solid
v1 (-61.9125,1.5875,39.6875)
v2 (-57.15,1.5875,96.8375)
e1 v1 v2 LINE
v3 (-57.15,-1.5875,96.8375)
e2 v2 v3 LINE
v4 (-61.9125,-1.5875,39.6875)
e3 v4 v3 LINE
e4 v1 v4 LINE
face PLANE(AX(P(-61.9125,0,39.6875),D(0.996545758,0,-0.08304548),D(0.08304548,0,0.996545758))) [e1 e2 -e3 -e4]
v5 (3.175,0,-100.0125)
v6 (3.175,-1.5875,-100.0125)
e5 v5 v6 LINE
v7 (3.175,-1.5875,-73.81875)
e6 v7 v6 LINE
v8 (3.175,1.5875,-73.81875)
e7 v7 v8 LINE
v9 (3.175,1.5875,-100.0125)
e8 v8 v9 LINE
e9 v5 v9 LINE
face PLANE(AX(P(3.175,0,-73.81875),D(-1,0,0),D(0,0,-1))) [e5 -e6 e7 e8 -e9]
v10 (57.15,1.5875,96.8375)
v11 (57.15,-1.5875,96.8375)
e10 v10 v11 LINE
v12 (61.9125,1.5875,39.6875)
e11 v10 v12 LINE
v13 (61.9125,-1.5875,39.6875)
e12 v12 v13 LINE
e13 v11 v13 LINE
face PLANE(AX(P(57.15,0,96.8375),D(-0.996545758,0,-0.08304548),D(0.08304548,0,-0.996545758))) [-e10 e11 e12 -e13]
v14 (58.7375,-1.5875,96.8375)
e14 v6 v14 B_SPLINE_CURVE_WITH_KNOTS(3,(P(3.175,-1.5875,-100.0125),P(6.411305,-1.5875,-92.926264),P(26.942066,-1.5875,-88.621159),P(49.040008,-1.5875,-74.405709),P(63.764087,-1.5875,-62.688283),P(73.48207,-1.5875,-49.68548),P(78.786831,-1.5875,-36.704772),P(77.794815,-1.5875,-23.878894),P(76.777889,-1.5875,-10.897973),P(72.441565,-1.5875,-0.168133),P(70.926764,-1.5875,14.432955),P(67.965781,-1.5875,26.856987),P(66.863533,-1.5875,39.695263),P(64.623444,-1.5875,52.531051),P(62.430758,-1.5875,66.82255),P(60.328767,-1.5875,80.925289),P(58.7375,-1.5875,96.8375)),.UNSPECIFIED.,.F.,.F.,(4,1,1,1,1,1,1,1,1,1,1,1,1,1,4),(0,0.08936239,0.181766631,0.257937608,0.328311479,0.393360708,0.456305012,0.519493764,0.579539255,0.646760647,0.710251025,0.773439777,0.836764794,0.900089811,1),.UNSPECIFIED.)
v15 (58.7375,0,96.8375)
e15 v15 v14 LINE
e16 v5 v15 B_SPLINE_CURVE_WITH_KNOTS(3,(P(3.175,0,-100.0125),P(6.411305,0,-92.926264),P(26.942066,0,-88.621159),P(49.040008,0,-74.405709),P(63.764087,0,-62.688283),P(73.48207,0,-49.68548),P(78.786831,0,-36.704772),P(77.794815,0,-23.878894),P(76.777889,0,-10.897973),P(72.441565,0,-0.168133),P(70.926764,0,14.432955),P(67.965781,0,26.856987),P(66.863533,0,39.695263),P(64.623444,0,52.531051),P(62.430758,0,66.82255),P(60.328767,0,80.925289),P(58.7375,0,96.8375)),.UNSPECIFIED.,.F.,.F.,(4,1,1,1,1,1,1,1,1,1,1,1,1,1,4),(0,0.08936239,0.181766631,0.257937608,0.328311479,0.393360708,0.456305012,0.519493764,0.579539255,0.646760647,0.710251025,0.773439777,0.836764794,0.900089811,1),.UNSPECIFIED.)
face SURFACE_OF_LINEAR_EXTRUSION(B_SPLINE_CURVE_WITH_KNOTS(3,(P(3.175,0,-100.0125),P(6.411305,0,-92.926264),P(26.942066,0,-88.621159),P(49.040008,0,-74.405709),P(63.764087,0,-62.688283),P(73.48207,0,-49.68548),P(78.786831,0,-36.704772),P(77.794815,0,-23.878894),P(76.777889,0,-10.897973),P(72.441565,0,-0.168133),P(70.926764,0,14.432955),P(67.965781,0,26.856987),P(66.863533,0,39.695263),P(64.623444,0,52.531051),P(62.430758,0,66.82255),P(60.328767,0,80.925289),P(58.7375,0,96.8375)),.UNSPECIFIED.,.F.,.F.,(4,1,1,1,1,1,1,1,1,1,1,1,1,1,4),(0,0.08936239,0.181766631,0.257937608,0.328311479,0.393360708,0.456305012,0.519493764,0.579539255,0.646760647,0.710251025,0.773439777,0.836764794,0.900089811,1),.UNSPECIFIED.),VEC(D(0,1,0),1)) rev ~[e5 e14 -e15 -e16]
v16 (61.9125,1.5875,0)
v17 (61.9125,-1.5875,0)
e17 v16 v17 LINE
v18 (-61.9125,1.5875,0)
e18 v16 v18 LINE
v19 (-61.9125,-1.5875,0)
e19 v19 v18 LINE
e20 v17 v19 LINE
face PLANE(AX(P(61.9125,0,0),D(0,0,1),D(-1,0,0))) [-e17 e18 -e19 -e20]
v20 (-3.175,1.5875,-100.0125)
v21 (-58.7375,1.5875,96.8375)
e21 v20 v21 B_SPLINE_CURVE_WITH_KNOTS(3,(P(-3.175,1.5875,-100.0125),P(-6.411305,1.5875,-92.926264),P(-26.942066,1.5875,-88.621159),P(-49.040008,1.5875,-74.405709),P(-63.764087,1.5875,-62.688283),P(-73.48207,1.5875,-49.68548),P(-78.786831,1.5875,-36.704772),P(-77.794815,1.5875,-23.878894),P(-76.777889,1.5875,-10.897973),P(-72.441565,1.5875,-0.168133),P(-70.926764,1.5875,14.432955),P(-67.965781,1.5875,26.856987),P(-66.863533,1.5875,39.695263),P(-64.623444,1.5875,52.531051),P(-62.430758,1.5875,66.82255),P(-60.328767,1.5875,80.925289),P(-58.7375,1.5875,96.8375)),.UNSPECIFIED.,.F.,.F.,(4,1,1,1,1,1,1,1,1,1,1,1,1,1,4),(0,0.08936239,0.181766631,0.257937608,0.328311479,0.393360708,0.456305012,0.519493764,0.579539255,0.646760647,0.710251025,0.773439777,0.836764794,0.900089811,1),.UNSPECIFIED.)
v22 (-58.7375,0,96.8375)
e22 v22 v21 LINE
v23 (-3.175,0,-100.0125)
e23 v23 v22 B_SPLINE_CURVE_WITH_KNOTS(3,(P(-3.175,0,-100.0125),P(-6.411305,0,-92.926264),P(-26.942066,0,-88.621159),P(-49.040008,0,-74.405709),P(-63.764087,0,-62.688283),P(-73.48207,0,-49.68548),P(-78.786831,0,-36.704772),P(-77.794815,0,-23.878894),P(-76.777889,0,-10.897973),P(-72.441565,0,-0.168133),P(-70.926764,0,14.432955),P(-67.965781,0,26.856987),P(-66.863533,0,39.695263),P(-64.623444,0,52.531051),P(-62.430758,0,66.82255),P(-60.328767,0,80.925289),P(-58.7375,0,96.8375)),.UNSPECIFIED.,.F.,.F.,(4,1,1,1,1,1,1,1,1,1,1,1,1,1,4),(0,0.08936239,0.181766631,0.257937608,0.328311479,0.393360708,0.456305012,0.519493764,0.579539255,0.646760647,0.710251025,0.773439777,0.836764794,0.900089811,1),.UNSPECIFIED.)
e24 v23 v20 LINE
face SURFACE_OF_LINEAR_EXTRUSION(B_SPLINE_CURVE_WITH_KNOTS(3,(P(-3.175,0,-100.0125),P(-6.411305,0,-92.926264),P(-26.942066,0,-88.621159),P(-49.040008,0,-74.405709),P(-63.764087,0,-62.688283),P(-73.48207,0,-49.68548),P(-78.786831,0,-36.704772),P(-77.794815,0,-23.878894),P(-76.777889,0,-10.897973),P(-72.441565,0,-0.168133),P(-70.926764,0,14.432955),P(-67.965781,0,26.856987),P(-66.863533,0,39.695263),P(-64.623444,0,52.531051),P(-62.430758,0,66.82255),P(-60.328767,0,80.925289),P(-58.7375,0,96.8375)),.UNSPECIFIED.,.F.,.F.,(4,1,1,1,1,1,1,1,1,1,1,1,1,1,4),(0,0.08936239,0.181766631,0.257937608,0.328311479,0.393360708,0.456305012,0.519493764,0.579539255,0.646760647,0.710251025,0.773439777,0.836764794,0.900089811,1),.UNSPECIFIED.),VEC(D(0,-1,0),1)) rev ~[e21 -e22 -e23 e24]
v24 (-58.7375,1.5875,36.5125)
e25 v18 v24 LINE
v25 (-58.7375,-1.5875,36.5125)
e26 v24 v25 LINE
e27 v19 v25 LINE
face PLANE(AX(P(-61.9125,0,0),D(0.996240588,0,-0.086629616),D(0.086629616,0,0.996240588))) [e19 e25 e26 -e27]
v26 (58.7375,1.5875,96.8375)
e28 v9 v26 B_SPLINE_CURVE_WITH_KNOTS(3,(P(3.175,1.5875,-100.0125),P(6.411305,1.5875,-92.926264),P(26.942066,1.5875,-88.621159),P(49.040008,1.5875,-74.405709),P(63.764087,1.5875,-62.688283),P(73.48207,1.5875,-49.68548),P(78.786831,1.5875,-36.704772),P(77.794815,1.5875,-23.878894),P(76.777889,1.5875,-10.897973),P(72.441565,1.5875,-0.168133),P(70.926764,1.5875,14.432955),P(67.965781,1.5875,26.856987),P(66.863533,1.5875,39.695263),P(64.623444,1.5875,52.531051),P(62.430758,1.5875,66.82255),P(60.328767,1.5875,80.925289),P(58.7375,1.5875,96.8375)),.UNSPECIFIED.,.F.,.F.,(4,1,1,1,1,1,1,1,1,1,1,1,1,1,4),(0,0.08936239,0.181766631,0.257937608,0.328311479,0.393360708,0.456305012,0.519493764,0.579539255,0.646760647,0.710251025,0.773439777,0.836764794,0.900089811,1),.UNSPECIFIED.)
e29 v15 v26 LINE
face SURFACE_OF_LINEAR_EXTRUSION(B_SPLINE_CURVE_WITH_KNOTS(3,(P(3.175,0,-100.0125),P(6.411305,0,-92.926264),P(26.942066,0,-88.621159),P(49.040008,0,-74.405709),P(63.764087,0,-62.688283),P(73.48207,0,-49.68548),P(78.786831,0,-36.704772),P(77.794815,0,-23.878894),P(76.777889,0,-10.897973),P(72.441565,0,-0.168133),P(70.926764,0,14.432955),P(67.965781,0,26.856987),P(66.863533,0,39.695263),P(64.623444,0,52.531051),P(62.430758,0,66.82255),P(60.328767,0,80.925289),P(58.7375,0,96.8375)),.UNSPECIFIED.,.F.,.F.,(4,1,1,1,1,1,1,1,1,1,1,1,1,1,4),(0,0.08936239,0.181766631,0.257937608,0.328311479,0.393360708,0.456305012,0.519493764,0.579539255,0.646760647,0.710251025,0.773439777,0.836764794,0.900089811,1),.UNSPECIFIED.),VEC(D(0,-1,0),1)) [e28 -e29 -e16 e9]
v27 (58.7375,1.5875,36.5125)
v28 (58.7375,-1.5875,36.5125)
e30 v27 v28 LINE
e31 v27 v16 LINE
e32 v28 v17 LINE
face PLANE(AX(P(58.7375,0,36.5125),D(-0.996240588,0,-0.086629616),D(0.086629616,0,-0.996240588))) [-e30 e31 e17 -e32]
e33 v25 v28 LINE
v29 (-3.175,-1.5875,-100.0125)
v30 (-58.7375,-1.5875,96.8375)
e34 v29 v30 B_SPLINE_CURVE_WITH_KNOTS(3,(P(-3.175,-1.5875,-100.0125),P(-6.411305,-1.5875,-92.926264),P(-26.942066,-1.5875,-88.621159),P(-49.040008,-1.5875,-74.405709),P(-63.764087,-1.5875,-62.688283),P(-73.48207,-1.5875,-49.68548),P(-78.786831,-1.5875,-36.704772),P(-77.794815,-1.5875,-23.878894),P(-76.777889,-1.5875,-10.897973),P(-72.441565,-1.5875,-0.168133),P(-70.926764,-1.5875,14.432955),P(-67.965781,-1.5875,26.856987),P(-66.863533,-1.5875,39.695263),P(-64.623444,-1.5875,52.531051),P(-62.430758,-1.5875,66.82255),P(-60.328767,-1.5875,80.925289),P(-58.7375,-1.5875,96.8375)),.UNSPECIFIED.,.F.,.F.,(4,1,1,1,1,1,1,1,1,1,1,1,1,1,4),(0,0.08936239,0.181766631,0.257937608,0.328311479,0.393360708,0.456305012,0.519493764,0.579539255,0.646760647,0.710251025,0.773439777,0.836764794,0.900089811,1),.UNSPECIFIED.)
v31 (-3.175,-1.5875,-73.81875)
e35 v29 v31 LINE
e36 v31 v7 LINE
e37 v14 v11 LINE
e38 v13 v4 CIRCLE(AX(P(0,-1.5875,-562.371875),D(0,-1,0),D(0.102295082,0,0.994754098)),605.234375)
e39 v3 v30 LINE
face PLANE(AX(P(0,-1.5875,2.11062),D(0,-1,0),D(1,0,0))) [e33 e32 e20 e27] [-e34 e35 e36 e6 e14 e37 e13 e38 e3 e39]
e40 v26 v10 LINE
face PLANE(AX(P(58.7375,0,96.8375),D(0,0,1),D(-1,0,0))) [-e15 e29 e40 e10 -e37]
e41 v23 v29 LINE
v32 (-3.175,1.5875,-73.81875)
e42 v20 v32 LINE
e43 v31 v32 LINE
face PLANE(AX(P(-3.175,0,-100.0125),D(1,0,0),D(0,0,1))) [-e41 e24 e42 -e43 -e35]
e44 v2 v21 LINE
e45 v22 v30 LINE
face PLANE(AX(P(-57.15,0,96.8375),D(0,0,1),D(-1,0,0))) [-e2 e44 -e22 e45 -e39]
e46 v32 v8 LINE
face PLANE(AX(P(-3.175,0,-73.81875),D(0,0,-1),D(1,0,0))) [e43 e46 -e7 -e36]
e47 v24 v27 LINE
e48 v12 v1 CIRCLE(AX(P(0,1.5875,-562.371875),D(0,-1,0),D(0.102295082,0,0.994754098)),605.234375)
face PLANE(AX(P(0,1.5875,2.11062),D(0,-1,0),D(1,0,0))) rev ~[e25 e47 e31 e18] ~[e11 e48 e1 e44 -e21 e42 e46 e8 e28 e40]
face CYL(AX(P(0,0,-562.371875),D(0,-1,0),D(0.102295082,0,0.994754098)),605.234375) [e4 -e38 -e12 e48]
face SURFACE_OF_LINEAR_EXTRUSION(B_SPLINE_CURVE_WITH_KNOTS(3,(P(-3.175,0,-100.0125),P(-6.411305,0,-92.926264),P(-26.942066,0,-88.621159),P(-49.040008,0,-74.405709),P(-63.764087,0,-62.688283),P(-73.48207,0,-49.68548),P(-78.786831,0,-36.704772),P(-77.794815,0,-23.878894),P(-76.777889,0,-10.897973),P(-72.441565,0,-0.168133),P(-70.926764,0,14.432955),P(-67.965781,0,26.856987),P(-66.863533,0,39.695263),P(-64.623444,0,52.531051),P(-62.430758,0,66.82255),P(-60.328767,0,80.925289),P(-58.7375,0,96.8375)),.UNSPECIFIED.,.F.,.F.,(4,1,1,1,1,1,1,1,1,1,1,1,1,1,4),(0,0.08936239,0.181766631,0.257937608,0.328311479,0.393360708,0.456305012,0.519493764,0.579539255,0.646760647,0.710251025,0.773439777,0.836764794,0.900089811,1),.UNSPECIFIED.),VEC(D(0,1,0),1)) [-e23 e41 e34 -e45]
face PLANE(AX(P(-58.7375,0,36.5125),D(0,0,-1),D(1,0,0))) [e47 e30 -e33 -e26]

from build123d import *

# Parameters (mm, degrees)
F1_DEPTH = 1.5875


with BuildPart() as f1:
    # F0 (on Front) → F1 (new body, symmetric)
    with BuildSketch(Plane.XZ):
        with BuildLine():
            Line((3.175, -73.81875), (3.175, -100.0125))
            add(Edge.make_bspline(
                [(3.175, -100.0125), (6.411305171, -92.9262640479), (26.9420658498, -88.6211589036), (49.0400078824, -74.4057093693), (63.7640870866, -62.6882829333), (73.4820704618, -49.6854803877), (78.7868311437, -36.7047715715), (77.7948145499, -23.8788944622), (76.7778891621, -10.8979727696), (72.4415654319, -0.1681327655), (70.9267643315, 14.432954895), (67.9657805127, 26.8569873917), (66.8635331533, 39.6952632597), (64.6234435115, 52.5310514913), (62.4307577863, 66.8225497006), (60.3287666669, 80.9252885312), (58.7375, 96.8375)],
                knots=[0, 0, 0, 0, 0.0893623901, 0.1817666312, 0.2579376083, 0.328311479, 0.3933607081, 0.4563050116, 0.5194937636, 0.5795392554, 0.6467606471, 0.7102510246, 0.7734397766, 0.8367647936, 0.9000898106, 1, 1, 1, 1], degree=3))
            Line((58.7375, 96.8375), (57.15, 96.8375))
            Line((57.15, 96.8375), (61.9125, 39.6875))
            ThreePointArc((61.9125, 39.6875), (0, 42.8625), (-61.9125, 39.6875))
            Line((-61.9125, 39.6875), (-57.15, 96.8375))
            Line((-57.15, 96.8375), (-58.7375, 96.8375))
            add(Edge.make_bspline(
                [(-3.175, -100.0125), (-6.411305171, -92.9262640479), (-26.9420658498, -88.6211589036), (-49.0400078824, -74.4057093693), (-63.7640870866, -62.6882829333), (-73.4820704618, -49.6854803877), (-78.7868311437, -36.7047715715), (-77.7948145499, -23.8788944622), (-76.7778891621, -10.8979727696), (-72.4415654319, -0.1681327655), (-70.9267643315, 14.432954895), (-67.9657805127, 26.8569873917), (-66.8635331533, 39.6952632597), (-64.6234435115, 52.5310514913), (-62.4307577863, 66.8225497006), (-60.3287666669, 80.9252885312), (-58.7375, 96.8375)],
                knots=[0, 0, 0, 0, 0.0893623901, 0.1817666312, 0.2579376083, 0.328311479, 0.3933607081, 0.4563050116, 0.5194937636, 0.5795392554, 0.6467606471, 0.7102510246, 0.7734397766, 0.8367647936, 0.9000898106, 1, 1, 1, 1], degree=3))
            Line((-3.175, -100.0125), (-3.175, -73.81875))
            Line((-3.175, -73.81875), (0, -73.81875))
            Line((0, -73.81875), (3.175, -73.81875))
        make_face()
        Polygon((-58.7375, 36.5125), (0, 36.5125), (58.7375, 36.5125), (61.9125, 0), (0, 0), (-61.9125, 0), align=None, mode=Mode.SUBTRACT)
    extrude(amount=F1_DEPTH, both=True)


solid = f1.part
